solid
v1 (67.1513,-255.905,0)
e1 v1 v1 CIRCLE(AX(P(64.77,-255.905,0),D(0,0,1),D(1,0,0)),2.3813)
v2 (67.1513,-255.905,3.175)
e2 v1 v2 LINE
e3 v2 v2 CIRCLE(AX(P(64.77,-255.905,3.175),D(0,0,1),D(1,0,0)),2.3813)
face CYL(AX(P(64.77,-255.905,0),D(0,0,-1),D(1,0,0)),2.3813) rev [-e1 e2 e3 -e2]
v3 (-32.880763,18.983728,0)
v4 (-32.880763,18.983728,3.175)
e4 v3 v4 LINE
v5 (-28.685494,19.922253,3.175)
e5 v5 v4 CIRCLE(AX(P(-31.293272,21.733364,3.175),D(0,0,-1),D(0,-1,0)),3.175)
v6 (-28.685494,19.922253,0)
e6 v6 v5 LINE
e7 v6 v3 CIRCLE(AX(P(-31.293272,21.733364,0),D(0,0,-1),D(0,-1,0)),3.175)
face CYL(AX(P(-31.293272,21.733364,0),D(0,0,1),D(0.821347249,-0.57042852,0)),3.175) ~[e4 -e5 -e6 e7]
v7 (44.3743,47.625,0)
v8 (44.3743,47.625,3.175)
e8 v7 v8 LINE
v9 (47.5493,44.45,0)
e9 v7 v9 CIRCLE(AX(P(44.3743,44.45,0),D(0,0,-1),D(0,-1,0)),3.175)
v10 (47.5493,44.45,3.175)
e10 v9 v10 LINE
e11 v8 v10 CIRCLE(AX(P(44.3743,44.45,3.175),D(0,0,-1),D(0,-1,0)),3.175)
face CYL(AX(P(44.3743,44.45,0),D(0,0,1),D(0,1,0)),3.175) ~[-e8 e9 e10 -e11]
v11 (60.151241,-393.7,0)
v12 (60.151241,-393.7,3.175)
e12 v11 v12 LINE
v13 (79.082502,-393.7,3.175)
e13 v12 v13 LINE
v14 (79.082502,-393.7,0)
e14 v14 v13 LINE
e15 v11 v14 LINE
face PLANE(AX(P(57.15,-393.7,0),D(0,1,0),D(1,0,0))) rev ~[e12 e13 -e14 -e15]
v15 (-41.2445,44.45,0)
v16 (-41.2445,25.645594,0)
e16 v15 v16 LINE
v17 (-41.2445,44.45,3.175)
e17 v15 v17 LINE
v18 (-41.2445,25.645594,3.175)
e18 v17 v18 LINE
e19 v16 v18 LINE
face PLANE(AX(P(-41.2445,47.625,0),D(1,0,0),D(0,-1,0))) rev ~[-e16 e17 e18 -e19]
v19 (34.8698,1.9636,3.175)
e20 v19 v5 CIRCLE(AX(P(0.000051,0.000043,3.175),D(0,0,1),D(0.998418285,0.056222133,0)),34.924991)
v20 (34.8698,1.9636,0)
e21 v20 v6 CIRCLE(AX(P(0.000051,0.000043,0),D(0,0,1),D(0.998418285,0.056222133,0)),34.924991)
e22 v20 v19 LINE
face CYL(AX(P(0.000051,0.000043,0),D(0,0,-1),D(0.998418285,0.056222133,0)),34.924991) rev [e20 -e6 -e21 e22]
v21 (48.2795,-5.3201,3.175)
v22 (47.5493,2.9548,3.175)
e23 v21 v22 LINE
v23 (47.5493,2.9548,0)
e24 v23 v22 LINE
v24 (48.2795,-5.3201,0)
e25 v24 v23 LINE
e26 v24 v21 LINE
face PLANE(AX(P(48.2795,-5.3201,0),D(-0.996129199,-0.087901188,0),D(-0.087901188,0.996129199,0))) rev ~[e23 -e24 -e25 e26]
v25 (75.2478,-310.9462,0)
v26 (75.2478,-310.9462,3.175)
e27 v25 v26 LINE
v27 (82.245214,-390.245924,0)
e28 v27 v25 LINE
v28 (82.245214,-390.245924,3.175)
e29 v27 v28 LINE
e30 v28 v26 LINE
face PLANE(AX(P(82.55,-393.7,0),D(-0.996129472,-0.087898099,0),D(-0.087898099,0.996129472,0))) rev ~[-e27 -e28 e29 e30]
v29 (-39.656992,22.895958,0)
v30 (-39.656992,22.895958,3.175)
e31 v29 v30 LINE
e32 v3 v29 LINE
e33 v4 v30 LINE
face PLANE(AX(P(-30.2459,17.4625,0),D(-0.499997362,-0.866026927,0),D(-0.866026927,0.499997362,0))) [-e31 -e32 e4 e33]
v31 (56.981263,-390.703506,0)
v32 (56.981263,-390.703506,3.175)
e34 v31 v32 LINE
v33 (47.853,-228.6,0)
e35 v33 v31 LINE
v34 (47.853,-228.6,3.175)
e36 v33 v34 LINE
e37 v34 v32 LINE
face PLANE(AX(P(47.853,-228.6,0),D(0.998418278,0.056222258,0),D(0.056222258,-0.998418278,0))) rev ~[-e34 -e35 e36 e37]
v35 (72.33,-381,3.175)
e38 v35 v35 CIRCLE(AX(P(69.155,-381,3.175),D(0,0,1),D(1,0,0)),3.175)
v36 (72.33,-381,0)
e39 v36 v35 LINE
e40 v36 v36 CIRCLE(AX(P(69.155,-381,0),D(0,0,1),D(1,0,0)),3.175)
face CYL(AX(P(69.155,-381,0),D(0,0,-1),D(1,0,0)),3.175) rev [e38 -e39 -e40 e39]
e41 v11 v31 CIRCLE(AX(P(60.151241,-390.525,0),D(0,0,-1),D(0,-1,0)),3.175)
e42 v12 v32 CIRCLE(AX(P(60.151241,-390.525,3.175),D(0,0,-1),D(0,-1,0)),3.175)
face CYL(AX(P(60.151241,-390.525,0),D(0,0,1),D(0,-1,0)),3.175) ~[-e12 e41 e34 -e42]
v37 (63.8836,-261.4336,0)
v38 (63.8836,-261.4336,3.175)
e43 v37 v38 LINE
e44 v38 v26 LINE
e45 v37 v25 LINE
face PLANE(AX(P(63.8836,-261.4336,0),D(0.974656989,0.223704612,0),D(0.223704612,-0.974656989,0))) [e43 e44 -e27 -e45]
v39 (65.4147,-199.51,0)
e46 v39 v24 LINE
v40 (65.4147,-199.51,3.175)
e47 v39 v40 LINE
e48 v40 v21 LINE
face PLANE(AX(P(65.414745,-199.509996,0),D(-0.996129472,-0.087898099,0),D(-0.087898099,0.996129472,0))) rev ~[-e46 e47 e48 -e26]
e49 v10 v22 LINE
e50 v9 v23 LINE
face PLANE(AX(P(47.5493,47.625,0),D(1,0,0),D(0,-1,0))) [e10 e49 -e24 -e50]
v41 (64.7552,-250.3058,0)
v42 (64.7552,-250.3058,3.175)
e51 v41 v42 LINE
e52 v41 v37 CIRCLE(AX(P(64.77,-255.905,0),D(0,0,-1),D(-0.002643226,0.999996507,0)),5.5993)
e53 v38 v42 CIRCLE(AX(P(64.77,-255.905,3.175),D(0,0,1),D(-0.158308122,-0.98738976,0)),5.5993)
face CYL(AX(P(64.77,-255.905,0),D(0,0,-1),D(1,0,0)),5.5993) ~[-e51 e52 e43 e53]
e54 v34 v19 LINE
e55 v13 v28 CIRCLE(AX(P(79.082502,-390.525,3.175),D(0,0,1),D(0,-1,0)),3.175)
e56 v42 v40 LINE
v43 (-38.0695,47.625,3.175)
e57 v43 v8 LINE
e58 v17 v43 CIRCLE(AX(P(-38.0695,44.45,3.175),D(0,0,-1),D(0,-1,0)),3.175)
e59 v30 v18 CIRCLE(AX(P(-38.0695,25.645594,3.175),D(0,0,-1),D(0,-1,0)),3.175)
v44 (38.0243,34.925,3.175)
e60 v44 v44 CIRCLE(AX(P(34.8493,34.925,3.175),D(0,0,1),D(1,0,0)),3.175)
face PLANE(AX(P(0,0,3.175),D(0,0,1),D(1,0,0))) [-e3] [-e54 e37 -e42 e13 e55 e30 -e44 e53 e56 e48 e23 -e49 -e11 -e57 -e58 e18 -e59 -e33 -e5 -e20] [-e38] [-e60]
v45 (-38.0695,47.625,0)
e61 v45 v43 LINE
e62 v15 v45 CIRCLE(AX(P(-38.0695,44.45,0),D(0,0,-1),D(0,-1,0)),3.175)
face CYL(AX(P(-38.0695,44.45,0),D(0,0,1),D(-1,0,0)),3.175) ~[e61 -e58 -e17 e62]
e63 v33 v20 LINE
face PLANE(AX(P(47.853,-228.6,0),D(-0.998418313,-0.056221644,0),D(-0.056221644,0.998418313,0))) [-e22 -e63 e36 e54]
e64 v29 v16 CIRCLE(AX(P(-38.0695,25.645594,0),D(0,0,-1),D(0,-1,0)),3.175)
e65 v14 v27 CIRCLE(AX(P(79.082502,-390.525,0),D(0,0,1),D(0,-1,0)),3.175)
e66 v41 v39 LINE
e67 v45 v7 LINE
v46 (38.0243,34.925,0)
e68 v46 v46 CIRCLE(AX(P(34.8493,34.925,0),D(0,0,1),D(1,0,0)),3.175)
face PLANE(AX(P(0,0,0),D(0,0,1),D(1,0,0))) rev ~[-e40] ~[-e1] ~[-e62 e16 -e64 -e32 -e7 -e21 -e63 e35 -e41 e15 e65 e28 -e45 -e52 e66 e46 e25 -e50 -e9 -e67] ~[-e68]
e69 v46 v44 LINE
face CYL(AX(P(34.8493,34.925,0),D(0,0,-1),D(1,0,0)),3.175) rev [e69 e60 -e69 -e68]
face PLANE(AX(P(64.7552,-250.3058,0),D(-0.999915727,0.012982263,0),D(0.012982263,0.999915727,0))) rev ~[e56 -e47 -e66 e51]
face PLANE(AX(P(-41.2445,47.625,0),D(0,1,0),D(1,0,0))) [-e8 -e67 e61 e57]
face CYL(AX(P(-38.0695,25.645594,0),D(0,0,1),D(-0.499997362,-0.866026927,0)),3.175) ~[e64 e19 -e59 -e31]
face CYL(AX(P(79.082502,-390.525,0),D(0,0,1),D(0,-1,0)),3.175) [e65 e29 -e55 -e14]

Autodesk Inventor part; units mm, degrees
ref_plane "YZ Plane" through (0, 0, 0) normal (1, 0, 0) x (0, 1, 0)
ref_plane "XZ Plane" through (0, 0, 0) normal (0, 1, 0) x (-1, 0, 0)
ref_plane "XY Plane" through (0, 0, 0) normal (0, 0, 1) x (1, 0, 0)
sketch "Sketch1" plane through (0, 0, 0) normal (0, 0, 1) x (1, 0, 0)
  line L0 (82.55, -393.7) -> (48.2795, -5.3201)
  line L1 (47.853, -228.6) -> (34.8698, 1.9636)
  line L2 (57.15, -393.7) -> (82.55, -393.7)
  circle A0 centre (69.155, -381) radius 3.175
  line L3 (0, 0) -> (-58.2409, 0) construction
  line L4 (-30.2459, 17.4625) -> (-41.2445, 23.8125)
  line L5 (47.5493, 47.625) -> (47.5493, 2.9548)
  arc A1 (34.8698, 1.9636) -> (-30.2459, 17.4625) centre (0, 0) ccw
  line L6 (-41.2445, 47.625) -> (-41.2445, 23.8125)
  line L7 (-41.2445, 47.625) -> (161.9555, 47.625) construction
  line L8 (-41.2445, 47.625) -> (161.9555, 47.625) construction
  line L9 (-41.2445, 47.625) -> (161.9555, 47.625) construction
  line L10 (-41.2445, 47.625) -> (161.9555, 47.625) construction
  line L11 (-41.2445, 47.625) -> (47.5493, 47.625)
  line L12 (47.853, -228.6) -> (57.15, -393.7)
  circle A2 centre (64.77, -255.905) radius 2.3813
  circle A3 centre (34.8493, 34.925) radius 3.175
  circle A4 centre (64.77, -255.905) radius 5.5993
  line L13 (64.7552, -250.3058) -> (65.4147, -199.51)
  line L14 (63.8836, -261.4336) -> (75.2478, -310.9462)
  line L15 (75.2478, -310.9462) -> (65.4147, -199.51)
  line L16 (48.2795, -5.3201) -> (47.5493, 2.9548)
  point P0 (47.5493, 25.2899)
  point P1 (51.4288, -292.1)
  point P2 (66.5391, -212.2523)
  point P3 (73.9365, -296.0849)
  dimension "d0" = 69.85
  dimension "d1" = 30
  dimension "d2" = 57.15
  dimension "d3" = 25.4
  dimension "d4" = 393.7
  dimension "d5" = 6.35
  dimension "d6" = 12.7
  dimension "d7" = 12.7
  dimension "d8" = 4.7625
  dimension "d9" = 7.62
  dimension "d10" = 137.795
  dimension "d11" = 6.35
  dimension "d12" = 12.7
  dimension "d13" = 12.7
  dimension "d23" = 50.8
  dimension "d24" = 50.8
extrude "Extrusion4" add sketch "Sketch1" along normal blind 3.175 contours L2 L12 L1 A1 L4 L6 L11 L5 L16 L0 L13 A4 L14 | A4
fillet "Fillet1" radius 3.175 6 edges at (-30.2459, 17.4625, 1.5875) (47.5493, 47.625, 1.5875) (-41.2445, 47.625, 1.5875) (82.55, -393.7, 1.5875) (57.15, -393.7, 1.5875) (-41.2445, 23.8125, 1.5875)
sketch "Sketch2" plane through (0, 0, 3.175) normal (0, 0, 1) x (1, 0, 0)
  arc A0 (-41.2445, 25.6456) -> (-39.657, 22.896) centre (-38.0695, 25.6456) ccw projected
  line L0 (-39.657, 22.896) -> (-32.8808, 18.9837) projected
  arc A1 (-32.8808, 18.9837) -> (-28.6855, 19.9223) centre (-31.2933, 21.7334) ccw projected
  arc A2 (34.8698, 1.9636) -> (-28.6855, 19.9223) centre (0, 0) ccw projected
  line L1 (34.8698, 1.9636) -> (56.9813, -390.7035) projected
  arc A3 (56.9813, -390.7035) -> (60.1512, -393.7) centre (60.1512, -390.525) ccw projected
  line L2 (60.1512, -393.7) -> (79.0825, -393.7) projected
  arc A4 (79.0825, -393.7) -> (82.2452, -390.2459) centre (79.0825, -390.525) ccw projected
  line L3 (82.2452, -390.2459) -> (75.2478, -310.9462) projected
  line L4 (75.2478, -310.9462) -> (63.8836, -261.4336) projected
  arc A5 (63.8836, -261.4336) -> (64.7552, -250.3058) centre (64.77, -255.905) ccw projected
  line L5 (64.7552, -250.3058) -> (65.4147, -199.51) projected
  line L6 (65.4147, -199.51) -> (47.5493, 2.9548) projected
  line L7 (47.5493, 2.9548) -> (47.5493, 44.45) projected
  arc A6 (47.5493, 44.45) -> (44.3743, 47.625) centre (44.3743, 44.45) ccw projected
  line L8 (44.3743, 47.625) -> (-38.0695, 47.625) projected
  arc A7 (-38.0695, 47.625) -> (-41.2445, 44.45) centre (-38.0695, 44.45) ccw projected
  line L9 (-41.2445, 44.45) -> (-41.2445, 25.6456) projected
  circle A8 centre (69.155, -381) radius 3.175 projected
  circle A9 centre (34.8493, 34.925) radius 3.175 projected
  circle A10 centre (64.77, -255.905) radius 2.3813 projected
  arc A11 (36.6934, -30.4217) -> (-30.6002, 18.635) centre (-17.0402, -33.4475) ccw
  line L10 (38.8613, -68.9195) -> (6.8988, -20.7299)
  dimension "d30" = 30.332
properties part number "PassiveHooks3"
